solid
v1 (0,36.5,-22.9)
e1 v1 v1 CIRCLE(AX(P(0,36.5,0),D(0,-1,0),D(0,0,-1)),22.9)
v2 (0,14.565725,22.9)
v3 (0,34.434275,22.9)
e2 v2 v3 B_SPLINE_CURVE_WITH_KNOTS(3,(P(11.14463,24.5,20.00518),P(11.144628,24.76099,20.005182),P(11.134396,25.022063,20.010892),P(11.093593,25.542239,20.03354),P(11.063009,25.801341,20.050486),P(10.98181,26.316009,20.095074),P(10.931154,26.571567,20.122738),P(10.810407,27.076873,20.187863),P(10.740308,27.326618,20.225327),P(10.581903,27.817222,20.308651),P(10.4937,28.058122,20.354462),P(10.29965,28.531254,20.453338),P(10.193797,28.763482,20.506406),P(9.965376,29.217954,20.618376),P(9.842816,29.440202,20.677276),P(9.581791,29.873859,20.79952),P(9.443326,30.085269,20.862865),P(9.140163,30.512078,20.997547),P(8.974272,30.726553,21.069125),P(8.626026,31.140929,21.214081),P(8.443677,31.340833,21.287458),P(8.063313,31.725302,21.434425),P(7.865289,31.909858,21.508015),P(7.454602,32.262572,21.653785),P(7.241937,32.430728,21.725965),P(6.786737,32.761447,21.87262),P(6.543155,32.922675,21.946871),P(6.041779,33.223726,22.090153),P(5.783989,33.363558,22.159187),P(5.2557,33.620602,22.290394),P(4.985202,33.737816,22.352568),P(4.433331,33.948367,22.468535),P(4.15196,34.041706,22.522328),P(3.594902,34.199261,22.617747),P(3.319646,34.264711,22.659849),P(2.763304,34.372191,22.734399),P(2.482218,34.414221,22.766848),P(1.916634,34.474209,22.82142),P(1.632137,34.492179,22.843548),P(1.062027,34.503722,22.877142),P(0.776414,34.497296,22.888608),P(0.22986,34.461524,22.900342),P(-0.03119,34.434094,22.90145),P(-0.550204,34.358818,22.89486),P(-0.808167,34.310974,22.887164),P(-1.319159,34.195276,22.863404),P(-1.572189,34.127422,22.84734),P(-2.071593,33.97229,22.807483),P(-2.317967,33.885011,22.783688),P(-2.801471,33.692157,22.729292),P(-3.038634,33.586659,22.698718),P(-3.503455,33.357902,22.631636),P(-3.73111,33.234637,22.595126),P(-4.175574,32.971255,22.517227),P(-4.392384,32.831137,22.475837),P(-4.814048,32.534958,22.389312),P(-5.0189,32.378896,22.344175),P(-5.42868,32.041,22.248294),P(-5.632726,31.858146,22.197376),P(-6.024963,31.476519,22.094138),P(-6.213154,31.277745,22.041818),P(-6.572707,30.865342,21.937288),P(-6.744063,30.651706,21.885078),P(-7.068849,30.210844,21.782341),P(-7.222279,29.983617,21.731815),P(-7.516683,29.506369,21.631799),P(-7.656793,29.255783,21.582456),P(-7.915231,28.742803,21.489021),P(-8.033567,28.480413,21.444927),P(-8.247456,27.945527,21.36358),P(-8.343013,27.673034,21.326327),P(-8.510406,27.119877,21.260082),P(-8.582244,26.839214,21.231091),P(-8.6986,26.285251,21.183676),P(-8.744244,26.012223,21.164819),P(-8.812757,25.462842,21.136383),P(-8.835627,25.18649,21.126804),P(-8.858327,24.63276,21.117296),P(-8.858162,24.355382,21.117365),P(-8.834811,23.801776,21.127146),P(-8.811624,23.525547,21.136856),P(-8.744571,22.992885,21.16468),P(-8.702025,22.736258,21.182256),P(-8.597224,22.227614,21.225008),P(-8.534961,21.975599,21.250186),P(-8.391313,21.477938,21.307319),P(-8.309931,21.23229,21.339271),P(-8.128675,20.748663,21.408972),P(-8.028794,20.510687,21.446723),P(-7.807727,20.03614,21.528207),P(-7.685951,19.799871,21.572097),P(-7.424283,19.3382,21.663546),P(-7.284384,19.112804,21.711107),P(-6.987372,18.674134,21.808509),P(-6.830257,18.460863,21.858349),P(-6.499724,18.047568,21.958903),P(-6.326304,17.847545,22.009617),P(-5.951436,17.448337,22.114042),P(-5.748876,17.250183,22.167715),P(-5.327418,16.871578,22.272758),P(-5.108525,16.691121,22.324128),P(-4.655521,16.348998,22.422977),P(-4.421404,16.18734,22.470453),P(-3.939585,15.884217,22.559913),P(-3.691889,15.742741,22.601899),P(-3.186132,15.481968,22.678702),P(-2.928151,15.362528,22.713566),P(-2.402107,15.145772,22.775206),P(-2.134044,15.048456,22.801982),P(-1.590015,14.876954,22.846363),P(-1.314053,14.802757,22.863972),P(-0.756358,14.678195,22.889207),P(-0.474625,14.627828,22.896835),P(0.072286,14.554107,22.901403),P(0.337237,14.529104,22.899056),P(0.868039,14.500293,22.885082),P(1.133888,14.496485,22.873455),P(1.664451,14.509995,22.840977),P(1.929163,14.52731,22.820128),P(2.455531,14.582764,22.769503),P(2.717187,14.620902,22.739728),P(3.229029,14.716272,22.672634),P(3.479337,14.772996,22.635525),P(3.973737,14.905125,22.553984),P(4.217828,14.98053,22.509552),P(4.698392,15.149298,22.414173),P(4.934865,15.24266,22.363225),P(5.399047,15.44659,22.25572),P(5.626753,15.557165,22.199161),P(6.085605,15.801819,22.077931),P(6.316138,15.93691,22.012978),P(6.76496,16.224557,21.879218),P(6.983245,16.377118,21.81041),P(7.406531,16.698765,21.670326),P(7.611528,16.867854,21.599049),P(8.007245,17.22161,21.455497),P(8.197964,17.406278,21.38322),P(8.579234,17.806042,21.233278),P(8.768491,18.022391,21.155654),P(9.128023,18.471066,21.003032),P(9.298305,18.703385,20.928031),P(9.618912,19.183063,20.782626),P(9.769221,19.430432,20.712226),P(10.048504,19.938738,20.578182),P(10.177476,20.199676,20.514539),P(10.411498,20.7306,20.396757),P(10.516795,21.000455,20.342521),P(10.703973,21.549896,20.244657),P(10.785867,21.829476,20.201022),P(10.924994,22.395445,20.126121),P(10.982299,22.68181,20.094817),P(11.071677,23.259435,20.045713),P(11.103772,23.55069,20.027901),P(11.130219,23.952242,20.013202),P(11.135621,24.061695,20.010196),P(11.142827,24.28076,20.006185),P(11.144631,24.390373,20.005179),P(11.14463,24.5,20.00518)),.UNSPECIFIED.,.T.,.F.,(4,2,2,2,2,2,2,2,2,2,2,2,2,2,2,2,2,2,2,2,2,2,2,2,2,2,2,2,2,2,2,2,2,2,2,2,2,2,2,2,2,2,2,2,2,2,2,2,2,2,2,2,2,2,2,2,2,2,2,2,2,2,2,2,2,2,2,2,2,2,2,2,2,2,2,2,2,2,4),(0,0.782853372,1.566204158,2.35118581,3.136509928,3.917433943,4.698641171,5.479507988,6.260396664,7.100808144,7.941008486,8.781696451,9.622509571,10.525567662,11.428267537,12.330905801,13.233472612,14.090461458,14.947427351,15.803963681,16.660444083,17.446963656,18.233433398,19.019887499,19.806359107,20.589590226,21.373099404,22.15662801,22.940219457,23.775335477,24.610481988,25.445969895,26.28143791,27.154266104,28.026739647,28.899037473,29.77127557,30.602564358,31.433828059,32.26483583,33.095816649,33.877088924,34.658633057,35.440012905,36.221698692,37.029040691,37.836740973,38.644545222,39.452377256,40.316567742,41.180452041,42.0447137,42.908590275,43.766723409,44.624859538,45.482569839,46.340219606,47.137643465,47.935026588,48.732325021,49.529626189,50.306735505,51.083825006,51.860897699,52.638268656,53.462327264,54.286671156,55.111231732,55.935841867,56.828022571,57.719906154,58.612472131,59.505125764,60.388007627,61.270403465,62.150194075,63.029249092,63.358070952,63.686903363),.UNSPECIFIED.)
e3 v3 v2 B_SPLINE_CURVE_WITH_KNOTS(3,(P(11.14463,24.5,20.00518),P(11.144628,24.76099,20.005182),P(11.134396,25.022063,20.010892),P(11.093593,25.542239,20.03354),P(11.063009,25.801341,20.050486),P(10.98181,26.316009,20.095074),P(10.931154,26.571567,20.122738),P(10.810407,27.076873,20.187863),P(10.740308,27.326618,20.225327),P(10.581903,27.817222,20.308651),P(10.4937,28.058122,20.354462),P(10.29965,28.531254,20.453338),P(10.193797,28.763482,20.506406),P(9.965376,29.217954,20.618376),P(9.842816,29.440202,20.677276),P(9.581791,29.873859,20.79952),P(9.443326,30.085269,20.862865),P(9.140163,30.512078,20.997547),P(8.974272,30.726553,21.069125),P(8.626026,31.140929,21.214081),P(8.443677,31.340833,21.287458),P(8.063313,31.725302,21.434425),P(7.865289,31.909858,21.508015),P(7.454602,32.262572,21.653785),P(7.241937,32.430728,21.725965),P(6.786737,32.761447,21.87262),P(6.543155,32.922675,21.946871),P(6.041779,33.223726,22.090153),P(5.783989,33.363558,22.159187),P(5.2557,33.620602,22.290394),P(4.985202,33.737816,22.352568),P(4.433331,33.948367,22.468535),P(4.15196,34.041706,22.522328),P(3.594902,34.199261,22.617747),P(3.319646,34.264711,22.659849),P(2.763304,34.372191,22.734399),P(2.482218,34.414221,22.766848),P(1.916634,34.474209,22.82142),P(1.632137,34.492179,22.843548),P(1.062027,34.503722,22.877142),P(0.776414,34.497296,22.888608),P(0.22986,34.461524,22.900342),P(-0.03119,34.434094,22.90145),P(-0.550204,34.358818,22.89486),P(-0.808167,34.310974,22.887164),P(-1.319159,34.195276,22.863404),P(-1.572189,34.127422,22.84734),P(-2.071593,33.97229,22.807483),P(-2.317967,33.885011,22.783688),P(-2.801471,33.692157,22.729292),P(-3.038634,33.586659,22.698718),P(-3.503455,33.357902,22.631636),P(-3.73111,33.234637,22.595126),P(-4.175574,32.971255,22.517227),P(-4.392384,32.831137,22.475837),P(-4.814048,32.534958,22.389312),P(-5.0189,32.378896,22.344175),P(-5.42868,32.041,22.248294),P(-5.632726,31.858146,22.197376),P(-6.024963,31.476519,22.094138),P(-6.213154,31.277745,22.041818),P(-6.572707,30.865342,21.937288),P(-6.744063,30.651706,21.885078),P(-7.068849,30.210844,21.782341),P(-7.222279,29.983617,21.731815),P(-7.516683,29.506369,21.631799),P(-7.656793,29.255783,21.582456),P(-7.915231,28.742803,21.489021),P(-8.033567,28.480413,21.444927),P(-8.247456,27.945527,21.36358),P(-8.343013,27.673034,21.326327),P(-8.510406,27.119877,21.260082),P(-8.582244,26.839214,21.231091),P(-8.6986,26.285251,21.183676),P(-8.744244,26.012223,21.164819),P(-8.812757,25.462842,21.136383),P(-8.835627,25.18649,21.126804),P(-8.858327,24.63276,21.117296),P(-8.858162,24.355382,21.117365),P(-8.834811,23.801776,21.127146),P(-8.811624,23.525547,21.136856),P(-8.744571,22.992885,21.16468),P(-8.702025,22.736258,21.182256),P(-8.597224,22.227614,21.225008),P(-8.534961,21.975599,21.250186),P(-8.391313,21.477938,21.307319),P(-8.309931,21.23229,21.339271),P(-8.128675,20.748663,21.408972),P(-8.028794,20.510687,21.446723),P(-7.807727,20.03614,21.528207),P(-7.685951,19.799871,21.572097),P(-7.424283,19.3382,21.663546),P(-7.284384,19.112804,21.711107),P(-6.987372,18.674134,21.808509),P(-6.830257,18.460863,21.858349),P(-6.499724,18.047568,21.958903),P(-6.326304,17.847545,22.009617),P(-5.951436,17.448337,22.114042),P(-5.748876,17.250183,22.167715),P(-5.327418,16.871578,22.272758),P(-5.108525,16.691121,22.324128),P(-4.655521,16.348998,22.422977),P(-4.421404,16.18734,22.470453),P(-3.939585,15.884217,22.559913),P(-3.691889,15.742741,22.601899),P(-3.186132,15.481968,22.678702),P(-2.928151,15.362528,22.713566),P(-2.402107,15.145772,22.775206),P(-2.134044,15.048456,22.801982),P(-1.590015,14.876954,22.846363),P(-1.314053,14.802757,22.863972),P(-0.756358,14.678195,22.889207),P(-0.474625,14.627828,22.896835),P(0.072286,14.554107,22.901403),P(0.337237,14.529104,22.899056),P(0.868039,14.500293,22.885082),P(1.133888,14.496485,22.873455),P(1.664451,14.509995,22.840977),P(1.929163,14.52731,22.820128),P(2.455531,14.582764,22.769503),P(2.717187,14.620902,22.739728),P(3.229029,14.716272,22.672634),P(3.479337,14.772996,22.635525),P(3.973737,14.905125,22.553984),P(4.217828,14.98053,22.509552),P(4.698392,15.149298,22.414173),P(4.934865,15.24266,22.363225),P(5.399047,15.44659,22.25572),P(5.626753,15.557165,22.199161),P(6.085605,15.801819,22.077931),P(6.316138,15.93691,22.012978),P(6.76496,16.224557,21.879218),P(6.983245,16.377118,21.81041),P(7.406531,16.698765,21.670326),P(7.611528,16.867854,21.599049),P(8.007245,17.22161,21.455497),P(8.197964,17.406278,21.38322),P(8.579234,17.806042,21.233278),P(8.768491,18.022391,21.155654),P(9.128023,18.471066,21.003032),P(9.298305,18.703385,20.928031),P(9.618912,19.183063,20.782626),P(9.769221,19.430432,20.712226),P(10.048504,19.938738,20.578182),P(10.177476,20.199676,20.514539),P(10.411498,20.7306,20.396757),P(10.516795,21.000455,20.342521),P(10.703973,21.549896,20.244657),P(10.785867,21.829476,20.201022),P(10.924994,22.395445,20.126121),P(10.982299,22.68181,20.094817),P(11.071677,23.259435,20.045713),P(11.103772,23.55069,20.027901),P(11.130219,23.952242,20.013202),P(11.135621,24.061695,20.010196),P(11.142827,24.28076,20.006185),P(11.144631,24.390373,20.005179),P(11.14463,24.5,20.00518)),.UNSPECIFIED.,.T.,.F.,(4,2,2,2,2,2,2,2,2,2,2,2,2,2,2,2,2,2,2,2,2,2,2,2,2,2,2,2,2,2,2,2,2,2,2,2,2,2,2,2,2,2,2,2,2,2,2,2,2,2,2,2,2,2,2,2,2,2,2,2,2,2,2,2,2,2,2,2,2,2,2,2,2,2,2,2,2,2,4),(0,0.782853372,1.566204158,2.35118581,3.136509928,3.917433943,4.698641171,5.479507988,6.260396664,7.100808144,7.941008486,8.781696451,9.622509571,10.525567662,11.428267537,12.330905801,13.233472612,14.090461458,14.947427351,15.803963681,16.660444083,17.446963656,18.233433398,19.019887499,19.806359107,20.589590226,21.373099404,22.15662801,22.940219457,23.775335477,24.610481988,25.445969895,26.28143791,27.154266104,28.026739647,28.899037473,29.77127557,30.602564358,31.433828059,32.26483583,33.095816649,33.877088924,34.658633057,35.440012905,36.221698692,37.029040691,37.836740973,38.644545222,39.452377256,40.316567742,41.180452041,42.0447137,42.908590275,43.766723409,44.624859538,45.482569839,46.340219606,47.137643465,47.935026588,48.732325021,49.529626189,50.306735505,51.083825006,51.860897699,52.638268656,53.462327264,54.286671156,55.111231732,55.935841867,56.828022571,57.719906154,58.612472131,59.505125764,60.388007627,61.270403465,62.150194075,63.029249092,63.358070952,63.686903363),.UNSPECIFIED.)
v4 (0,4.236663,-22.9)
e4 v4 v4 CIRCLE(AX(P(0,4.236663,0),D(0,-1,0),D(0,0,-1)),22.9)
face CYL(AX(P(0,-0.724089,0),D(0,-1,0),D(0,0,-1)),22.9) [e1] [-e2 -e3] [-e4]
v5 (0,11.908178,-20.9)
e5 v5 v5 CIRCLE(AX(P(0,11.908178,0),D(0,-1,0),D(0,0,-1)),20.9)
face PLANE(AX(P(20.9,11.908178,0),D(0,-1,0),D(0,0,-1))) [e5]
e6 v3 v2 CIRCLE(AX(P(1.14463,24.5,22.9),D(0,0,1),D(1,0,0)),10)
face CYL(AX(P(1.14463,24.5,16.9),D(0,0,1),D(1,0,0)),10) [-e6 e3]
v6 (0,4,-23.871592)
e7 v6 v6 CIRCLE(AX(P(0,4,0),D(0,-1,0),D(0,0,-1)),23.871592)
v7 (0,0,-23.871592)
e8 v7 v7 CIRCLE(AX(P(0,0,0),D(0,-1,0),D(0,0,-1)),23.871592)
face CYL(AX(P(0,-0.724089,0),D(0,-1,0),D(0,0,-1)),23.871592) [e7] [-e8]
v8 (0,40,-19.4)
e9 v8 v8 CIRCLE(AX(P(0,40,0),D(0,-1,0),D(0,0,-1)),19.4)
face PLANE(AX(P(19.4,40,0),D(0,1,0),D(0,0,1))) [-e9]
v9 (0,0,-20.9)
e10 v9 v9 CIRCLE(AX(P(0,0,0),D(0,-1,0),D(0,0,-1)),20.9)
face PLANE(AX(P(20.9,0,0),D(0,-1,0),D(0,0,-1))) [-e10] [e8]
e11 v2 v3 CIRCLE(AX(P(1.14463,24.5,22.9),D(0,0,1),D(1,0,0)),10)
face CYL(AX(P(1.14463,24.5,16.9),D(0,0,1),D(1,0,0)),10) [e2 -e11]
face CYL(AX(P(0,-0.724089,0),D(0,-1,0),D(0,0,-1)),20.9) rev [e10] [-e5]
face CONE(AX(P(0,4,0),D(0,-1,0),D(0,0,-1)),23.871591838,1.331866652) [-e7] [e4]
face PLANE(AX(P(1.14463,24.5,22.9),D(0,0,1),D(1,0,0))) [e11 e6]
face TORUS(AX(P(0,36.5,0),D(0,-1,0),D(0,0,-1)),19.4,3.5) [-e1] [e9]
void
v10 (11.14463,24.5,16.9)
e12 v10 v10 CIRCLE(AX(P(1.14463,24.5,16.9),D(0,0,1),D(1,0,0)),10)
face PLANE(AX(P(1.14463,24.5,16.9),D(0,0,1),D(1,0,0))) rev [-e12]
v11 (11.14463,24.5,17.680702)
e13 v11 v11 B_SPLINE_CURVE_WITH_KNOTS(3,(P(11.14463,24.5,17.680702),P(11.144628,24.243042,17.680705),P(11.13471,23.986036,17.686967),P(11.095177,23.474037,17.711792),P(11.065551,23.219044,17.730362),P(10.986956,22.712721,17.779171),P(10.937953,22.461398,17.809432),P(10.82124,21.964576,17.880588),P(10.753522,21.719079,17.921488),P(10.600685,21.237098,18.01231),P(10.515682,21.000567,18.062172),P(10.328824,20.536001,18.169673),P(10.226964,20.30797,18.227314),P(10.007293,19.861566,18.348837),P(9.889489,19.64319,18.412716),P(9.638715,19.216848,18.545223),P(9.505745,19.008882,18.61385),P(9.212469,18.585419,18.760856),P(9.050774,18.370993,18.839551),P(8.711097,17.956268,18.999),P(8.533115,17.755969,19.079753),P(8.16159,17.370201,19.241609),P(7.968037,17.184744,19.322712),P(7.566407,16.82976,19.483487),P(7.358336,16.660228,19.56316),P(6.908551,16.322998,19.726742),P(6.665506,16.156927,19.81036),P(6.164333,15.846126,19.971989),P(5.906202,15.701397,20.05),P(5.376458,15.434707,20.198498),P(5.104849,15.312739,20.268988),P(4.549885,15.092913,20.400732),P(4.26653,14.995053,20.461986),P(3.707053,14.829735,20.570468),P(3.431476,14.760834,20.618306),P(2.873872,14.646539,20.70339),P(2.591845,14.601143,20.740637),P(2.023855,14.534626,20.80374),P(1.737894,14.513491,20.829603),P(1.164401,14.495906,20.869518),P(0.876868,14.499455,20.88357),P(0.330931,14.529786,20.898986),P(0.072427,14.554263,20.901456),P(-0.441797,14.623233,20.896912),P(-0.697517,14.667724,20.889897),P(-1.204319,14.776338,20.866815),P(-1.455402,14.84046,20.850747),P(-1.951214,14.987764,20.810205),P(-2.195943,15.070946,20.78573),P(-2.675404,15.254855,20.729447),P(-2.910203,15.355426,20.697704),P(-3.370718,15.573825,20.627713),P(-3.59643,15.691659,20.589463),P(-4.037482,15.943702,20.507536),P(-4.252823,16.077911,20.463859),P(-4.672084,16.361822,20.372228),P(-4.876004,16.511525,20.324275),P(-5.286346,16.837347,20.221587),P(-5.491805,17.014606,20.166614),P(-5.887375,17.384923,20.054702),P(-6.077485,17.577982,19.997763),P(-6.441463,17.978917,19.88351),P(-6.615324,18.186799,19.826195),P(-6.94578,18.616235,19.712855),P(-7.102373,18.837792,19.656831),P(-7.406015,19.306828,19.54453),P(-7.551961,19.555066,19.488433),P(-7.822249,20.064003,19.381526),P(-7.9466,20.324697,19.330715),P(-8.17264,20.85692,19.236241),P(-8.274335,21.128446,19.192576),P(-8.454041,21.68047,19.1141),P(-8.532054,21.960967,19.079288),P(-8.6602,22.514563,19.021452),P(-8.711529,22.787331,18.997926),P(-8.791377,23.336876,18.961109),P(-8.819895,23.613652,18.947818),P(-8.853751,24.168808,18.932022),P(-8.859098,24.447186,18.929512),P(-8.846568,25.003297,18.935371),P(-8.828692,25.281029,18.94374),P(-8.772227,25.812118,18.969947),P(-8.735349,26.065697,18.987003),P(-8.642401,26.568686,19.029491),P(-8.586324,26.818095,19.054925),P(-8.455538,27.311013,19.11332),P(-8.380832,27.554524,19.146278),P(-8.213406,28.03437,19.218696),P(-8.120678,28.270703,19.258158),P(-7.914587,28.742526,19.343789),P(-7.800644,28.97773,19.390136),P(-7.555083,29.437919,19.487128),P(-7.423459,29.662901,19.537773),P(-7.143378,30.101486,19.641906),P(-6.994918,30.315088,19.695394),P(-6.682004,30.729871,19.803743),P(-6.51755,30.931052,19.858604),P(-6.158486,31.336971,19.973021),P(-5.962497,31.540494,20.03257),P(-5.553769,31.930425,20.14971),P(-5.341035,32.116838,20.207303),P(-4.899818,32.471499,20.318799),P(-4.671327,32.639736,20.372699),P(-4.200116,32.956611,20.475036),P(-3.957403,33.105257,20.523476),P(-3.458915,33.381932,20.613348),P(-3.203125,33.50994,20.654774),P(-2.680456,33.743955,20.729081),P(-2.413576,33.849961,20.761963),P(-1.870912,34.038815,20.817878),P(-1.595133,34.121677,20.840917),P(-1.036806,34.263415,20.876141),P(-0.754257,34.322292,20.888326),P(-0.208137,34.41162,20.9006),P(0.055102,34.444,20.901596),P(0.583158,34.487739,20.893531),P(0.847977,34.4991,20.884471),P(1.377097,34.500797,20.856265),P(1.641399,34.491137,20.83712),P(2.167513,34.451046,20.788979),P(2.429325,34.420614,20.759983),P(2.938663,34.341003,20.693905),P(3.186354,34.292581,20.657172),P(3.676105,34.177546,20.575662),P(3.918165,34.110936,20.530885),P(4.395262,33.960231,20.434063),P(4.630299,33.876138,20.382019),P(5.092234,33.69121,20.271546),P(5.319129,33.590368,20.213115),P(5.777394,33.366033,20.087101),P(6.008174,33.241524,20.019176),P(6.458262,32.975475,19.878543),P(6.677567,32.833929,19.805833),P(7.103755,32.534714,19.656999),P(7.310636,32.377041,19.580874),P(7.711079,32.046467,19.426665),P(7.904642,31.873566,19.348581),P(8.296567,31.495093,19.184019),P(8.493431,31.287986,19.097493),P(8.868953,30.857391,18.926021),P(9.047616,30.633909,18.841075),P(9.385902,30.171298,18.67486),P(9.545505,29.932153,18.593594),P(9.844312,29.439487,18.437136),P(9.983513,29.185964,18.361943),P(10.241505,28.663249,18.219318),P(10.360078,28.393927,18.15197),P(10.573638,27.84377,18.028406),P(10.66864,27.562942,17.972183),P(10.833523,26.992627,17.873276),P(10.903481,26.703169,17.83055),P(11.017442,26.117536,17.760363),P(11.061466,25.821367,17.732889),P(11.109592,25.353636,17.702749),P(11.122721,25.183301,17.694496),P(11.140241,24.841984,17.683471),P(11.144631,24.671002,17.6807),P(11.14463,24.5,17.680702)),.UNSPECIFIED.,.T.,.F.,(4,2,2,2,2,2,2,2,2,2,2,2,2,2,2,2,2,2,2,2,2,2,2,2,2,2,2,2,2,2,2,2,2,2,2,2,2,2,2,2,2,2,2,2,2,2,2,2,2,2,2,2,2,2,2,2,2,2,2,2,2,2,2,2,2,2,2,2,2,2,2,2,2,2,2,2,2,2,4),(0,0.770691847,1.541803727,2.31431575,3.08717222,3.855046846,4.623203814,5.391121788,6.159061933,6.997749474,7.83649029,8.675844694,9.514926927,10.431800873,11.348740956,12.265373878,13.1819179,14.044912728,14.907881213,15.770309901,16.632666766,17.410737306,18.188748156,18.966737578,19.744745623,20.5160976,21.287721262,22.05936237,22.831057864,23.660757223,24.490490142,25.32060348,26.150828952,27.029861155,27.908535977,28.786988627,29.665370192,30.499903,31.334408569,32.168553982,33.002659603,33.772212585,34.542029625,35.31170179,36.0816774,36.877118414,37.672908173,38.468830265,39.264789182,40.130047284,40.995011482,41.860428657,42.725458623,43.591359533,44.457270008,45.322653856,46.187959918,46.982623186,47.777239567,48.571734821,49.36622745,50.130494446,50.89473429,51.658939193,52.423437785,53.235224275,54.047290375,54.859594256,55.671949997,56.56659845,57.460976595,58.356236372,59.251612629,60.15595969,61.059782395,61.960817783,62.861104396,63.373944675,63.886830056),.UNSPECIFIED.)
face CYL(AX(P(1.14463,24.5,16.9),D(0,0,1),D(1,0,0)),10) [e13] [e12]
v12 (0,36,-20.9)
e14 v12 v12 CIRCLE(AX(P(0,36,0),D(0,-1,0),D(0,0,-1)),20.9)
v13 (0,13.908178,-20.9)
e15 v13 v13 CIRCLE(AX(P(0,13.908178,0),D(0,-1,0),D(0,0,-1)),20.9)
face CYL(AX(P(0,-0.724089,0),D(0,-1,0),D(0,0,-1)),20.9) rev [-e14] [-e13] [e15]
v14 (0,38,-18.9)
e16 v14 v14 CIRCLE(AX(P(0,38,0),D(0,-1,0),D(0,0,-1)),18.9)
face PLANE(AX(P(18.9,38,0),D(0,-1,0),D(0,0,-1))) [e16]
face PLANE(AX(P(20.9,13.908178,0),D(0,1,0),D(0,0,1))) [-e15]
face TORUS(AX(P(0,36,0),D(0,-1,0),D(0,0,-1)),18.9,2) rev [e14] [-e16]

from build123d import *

# Parameters (mm, degrees)
SKETCH4_R           = 10
BOSS_EXTRUDE2_DEPTH = 6


with BuildPart() as part:
    # Sketch1 → Revolve1 (revolve)
    with BuildSketch(Plane.XY, mode=Mode.PRIVATE) as revolve1_sk:
        with BuildLine():
            Line((20.9, 0), (23.871591838, 0))
            Line((23.871591838, 0), (23.871591838, 4))
            Line((23.871591838, 4), (22.9, 4.236662843))
            Line((22.9, 4.236662843), (22.9, 36.5))
            ThreePointArc((22.9, 36.5), (21.874873734, 38.974873734), (19.4, 40))
            Line((19.4, 40), (0, 40))
            Line((0, 40), (0, 38))
            Line((0, 38), (18.9, 38))
            ThreePointArc((18.9, 38), (20.314213562, 37.414213562), (20.9, 36))
            Line((20.9, 36), (20.9, 13.908178136))
            Line((20.9, 13.908178136), (0, 13.908178136))
            Line((0, 13.908178136), (0, 11.908178136))
            Line((0, 11.908178136), (20.9, 11.908178136))
            Line((20.9, 11.908178136), (20.9, 0))
        make_face()
    revolve(revolve1_sk.sketch.rotate(Axis((0, -0.724089275, 0), (0, 1, 0)), 90), axis=Axis((0, -0.724089275, 0), (0, 1, 0)))

    # Sketch4 → Boss-Extrude2 (add)
    with BuildSketch(Plane.XY.offset(22.9)):
        with Locations((1.144629865, 24.5)):
            Circle(SKETCH4_R)
    extrude(amount=-BOSS_EXTRUDE2_DEPTH)


solid = part.part
